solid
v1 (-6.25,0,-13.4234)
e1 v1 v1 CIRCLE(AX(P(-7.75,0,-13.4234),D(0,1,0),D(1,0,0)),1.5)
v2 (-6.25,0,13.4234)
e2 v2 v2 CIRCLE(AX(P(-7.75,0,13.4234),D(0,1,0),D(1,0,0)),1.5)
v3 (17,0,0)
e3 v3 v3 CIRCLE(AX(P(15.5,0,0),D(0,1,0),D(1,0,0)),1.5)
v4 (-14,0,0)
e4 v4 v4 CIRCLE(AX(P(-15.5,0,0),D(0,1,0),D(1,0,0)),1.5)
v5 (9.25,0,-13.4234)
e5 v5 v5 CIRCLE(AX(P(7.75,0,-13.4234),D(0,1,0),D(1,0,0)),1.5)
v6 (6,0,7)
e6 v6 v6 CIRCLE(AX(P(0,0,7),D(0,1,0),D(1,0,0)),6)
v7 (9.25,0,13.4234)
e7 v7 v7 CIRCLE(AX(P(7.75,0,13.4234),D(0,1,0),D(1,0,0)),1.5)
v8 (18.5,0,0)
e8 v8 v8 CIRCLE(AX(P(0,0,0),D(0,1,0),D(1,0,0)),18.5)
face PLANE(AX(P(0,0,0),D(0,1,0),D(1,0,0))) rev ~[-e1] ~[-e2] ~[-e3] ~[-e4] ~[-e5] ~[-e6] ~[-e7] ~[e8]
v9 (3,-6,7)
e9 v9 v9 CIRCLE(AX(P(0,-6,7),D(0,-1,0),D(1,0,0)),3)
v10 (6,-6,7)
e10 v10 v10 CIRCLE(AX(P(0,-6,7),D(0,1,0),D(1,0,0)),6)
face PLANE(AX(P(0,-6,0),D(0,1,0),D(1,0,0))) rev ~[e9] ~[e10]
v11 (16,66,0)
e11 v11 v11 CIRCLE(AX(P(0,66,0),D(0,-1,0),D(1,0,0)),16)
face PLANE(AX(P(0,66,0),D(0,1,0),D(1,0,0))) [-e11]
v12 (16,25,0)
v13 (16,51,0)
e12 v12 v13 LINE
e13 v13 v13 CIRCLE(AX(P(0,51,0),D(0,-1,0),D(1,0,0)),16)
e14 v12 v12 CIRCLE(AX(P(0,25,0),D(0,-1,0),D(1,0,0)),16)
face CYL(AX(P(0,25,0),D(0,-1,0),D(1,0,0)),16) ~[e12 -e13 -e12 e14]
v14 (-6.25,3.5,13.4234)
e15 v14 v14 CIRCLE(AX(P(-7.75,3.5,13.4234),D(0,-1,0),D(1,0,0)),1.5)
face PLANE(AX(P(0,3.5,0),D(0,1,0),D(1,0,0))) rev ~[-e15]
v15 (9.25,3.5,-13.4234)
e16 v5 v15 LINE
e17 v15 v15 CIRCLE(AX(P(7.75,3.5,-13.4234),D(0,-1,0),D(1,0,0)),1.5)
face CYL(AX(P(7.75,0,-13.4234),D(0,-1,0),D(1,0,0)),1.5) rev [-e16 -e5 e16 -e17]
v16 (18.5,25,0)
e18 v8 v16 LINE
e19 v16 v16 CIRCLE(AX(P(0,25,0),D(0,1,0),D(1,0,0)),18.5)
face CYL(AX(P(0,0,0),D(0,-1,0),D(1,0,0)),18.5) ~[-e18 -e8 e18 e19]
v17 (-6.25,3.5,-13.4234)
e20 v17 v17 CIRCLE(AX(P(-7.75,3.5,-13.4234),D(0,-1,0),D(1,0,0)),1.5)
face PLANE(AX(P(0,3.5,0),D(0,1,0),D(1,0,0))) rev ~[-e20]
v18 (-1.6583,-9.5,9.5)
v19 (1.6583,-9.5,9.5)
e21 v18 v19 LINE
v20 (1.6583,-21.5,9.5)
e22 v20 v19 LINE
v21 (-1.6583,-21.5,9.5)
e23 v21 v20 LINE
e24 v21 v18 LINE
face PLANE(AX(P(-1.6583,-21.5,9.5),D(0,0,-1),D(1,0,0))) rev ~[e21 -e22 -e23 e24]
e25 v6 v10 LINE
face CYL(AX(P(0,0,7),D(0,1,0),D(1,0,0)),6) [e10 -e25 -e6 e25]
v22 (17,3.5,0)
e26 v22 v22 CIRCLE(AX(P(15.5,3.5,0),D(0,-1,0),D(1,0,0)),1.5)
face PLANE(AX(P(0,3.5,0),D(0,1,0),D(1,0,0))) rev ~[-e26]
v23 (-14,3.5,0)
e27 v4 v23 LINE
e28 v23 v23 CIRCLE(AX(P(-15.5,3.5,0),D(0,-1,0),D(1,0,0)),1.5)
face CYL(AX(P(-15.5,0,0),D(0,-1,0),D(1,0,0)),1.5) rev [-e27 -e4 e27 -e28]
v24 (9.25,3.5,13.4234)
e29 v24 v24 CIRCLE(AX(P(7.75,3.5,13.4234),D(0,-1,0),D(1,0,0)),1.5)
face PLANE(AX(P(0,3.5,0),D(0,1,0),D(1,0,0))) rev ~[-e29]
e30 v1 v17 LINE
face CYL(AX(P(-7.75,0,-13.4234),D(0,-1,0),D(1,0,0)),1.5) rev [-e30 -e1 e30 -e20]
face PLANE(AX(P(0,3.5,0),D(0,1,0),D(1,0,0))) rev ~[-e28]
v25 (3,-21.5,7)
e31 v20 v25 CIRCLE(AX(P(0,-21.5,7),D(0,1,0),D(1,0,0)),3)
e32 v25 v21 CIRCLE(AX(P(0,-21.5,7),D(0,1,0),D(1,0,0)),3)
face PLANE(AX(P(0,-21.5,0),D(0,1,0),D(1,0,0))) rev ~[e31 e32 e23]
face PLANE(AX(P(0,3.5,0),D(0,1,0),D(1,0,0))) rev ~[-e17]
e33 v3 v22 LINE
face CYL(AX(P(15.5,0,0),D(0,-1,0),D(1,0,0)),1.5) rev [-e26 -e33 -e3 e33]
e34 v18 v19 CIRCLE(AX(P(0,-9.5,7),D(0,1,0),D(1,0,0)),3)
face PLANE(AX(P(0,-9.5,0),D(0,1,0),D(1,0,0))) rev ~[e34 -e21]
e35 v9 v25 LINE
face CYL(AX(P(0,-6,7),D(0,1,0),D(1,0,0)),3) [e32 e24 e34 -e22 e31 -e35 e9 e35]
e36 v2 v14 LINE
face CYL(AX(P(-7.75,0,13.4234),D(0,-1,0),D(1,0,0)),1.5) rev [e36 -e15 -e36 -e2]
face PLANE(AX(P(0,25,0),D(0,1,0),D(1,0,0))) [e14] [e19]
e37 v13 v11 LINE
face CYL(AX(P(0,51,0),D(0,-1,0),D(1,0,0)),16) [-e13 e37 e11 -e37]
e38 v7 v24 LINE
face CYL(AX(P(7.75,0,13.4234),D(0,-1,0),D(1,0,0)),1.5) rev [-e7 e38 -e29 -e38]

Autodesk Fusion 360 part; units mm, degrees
sketch "Sketch1" plane through (0, 0, 0) normal (0, 1, 0) x (1, 0, 0)
  circle A0 centre (0, 0) radius 18.5
  circle A1 centre (0, 0) radius 16
  circle A2 centre (0, 0) radius 15.5 construction
  line L0 (-18.5, 0) -> (18.5, 0) construction
  circle A3 centre (15.5, 0) radius 1.5
  circle A4 centre (-15.5, 0) radius 1.5
  line L1 (9.25, -16.0215) -> (-9.25, 16.0215) construction
  line L2 (9.25, 16.0215) -> (-9.25, -16.0215) construction
  circle A5 centre (7.75, -13.4234) radius 1.5
  circle A6 centre (-7.75, -13.4234) radius 1.5
  circle A7 centre (-7.75, 13.4234) radius 1.5
  circle A8 centre (7.75, 13.4234) radius 1.5
  line L3 (-14.3875, -7) -> (14.3875, -7) construction
  circle A9 centre (0, -7) radius 3
  circle A10 centre (0, -7) radius 6
  line L4 (-1.6583, -9.5) -> (1.6583, -9.5)
  dimension "d2" = 37
  dimension "d3" = 32
  dimension "d5" = 31
  dimension "d6" = 3
  dimension "d7" = 3
  dimension "d8" = 60
  dimension "d9" = 120
  dimension "d10" = 3
  dimension "d11" = 3
  dimension "d12" = 3
  dimension "d13" = 3
  dimension "d14" = 7
  dimension "d15" = 6
  dimension "d16" = 12
  dimension "d31" = 5.5
extrude "Extrude1" add sketch "Sketch1" along normal blind 25 contours A0 | A1 A3 | A1 A3 | A1 A3 A4 A5 A6 A7 A8 | A1 A8 | A1 A8 | A1 A5 | A1 A5 | A1 A7 | A1 A7 | A1 A6 | A1 A6 | A1 A4 | A1 A4 | A9 L4 | A9 L4 | A10
extrude "Extrude2" add sketch "Sketch1" along normal blind 26 from surface at 25 contours A1 A3 | A1 A3 A4 A5 A6 A7 A8 | A1 A8 | A1 A5 | A1 A7 | A1 A6 | A1 A4 | A9 L4 | A9 L4 | A10 picked at (15.3976, -0.4091) picked at (7.6973, 13.2575) picked at (7.6973, -13.2575) picked at (-7.6523, 13.282) picked at (-7.6523, -13.282) picked at (-15.3286, 0)
extrude "Extrude3" add 1 faces at (-4.5682, 51, 0.742) along direction (0, 1, 0) blind 15
extrude "Extrude4" add sketch "Sketch1" against normal blind 6 contours A9 L4 | A9 L4 | A10
extrude "Extrude5" add sketch "Sketch1" against normal blind 15.5 from surface at -6 contours A9 L4 | A9 L4
extrude "Extrude6" cut sketch "Sketch1" along normal blind 3.5 contours A1 A3 | A1 A3 | A1 A8 | A1 A8 | A1 A5 | A1 A5 | A1 A7 | A1 A7 | A1 A6 | A1 A6 | A1 A4 | A1 A4
extrude "Extrude7" cut sketch "Sketch1" along normal blind 12 from surface at -21.5 contours A9 L4 picked at (0.4253, -9.5717)
